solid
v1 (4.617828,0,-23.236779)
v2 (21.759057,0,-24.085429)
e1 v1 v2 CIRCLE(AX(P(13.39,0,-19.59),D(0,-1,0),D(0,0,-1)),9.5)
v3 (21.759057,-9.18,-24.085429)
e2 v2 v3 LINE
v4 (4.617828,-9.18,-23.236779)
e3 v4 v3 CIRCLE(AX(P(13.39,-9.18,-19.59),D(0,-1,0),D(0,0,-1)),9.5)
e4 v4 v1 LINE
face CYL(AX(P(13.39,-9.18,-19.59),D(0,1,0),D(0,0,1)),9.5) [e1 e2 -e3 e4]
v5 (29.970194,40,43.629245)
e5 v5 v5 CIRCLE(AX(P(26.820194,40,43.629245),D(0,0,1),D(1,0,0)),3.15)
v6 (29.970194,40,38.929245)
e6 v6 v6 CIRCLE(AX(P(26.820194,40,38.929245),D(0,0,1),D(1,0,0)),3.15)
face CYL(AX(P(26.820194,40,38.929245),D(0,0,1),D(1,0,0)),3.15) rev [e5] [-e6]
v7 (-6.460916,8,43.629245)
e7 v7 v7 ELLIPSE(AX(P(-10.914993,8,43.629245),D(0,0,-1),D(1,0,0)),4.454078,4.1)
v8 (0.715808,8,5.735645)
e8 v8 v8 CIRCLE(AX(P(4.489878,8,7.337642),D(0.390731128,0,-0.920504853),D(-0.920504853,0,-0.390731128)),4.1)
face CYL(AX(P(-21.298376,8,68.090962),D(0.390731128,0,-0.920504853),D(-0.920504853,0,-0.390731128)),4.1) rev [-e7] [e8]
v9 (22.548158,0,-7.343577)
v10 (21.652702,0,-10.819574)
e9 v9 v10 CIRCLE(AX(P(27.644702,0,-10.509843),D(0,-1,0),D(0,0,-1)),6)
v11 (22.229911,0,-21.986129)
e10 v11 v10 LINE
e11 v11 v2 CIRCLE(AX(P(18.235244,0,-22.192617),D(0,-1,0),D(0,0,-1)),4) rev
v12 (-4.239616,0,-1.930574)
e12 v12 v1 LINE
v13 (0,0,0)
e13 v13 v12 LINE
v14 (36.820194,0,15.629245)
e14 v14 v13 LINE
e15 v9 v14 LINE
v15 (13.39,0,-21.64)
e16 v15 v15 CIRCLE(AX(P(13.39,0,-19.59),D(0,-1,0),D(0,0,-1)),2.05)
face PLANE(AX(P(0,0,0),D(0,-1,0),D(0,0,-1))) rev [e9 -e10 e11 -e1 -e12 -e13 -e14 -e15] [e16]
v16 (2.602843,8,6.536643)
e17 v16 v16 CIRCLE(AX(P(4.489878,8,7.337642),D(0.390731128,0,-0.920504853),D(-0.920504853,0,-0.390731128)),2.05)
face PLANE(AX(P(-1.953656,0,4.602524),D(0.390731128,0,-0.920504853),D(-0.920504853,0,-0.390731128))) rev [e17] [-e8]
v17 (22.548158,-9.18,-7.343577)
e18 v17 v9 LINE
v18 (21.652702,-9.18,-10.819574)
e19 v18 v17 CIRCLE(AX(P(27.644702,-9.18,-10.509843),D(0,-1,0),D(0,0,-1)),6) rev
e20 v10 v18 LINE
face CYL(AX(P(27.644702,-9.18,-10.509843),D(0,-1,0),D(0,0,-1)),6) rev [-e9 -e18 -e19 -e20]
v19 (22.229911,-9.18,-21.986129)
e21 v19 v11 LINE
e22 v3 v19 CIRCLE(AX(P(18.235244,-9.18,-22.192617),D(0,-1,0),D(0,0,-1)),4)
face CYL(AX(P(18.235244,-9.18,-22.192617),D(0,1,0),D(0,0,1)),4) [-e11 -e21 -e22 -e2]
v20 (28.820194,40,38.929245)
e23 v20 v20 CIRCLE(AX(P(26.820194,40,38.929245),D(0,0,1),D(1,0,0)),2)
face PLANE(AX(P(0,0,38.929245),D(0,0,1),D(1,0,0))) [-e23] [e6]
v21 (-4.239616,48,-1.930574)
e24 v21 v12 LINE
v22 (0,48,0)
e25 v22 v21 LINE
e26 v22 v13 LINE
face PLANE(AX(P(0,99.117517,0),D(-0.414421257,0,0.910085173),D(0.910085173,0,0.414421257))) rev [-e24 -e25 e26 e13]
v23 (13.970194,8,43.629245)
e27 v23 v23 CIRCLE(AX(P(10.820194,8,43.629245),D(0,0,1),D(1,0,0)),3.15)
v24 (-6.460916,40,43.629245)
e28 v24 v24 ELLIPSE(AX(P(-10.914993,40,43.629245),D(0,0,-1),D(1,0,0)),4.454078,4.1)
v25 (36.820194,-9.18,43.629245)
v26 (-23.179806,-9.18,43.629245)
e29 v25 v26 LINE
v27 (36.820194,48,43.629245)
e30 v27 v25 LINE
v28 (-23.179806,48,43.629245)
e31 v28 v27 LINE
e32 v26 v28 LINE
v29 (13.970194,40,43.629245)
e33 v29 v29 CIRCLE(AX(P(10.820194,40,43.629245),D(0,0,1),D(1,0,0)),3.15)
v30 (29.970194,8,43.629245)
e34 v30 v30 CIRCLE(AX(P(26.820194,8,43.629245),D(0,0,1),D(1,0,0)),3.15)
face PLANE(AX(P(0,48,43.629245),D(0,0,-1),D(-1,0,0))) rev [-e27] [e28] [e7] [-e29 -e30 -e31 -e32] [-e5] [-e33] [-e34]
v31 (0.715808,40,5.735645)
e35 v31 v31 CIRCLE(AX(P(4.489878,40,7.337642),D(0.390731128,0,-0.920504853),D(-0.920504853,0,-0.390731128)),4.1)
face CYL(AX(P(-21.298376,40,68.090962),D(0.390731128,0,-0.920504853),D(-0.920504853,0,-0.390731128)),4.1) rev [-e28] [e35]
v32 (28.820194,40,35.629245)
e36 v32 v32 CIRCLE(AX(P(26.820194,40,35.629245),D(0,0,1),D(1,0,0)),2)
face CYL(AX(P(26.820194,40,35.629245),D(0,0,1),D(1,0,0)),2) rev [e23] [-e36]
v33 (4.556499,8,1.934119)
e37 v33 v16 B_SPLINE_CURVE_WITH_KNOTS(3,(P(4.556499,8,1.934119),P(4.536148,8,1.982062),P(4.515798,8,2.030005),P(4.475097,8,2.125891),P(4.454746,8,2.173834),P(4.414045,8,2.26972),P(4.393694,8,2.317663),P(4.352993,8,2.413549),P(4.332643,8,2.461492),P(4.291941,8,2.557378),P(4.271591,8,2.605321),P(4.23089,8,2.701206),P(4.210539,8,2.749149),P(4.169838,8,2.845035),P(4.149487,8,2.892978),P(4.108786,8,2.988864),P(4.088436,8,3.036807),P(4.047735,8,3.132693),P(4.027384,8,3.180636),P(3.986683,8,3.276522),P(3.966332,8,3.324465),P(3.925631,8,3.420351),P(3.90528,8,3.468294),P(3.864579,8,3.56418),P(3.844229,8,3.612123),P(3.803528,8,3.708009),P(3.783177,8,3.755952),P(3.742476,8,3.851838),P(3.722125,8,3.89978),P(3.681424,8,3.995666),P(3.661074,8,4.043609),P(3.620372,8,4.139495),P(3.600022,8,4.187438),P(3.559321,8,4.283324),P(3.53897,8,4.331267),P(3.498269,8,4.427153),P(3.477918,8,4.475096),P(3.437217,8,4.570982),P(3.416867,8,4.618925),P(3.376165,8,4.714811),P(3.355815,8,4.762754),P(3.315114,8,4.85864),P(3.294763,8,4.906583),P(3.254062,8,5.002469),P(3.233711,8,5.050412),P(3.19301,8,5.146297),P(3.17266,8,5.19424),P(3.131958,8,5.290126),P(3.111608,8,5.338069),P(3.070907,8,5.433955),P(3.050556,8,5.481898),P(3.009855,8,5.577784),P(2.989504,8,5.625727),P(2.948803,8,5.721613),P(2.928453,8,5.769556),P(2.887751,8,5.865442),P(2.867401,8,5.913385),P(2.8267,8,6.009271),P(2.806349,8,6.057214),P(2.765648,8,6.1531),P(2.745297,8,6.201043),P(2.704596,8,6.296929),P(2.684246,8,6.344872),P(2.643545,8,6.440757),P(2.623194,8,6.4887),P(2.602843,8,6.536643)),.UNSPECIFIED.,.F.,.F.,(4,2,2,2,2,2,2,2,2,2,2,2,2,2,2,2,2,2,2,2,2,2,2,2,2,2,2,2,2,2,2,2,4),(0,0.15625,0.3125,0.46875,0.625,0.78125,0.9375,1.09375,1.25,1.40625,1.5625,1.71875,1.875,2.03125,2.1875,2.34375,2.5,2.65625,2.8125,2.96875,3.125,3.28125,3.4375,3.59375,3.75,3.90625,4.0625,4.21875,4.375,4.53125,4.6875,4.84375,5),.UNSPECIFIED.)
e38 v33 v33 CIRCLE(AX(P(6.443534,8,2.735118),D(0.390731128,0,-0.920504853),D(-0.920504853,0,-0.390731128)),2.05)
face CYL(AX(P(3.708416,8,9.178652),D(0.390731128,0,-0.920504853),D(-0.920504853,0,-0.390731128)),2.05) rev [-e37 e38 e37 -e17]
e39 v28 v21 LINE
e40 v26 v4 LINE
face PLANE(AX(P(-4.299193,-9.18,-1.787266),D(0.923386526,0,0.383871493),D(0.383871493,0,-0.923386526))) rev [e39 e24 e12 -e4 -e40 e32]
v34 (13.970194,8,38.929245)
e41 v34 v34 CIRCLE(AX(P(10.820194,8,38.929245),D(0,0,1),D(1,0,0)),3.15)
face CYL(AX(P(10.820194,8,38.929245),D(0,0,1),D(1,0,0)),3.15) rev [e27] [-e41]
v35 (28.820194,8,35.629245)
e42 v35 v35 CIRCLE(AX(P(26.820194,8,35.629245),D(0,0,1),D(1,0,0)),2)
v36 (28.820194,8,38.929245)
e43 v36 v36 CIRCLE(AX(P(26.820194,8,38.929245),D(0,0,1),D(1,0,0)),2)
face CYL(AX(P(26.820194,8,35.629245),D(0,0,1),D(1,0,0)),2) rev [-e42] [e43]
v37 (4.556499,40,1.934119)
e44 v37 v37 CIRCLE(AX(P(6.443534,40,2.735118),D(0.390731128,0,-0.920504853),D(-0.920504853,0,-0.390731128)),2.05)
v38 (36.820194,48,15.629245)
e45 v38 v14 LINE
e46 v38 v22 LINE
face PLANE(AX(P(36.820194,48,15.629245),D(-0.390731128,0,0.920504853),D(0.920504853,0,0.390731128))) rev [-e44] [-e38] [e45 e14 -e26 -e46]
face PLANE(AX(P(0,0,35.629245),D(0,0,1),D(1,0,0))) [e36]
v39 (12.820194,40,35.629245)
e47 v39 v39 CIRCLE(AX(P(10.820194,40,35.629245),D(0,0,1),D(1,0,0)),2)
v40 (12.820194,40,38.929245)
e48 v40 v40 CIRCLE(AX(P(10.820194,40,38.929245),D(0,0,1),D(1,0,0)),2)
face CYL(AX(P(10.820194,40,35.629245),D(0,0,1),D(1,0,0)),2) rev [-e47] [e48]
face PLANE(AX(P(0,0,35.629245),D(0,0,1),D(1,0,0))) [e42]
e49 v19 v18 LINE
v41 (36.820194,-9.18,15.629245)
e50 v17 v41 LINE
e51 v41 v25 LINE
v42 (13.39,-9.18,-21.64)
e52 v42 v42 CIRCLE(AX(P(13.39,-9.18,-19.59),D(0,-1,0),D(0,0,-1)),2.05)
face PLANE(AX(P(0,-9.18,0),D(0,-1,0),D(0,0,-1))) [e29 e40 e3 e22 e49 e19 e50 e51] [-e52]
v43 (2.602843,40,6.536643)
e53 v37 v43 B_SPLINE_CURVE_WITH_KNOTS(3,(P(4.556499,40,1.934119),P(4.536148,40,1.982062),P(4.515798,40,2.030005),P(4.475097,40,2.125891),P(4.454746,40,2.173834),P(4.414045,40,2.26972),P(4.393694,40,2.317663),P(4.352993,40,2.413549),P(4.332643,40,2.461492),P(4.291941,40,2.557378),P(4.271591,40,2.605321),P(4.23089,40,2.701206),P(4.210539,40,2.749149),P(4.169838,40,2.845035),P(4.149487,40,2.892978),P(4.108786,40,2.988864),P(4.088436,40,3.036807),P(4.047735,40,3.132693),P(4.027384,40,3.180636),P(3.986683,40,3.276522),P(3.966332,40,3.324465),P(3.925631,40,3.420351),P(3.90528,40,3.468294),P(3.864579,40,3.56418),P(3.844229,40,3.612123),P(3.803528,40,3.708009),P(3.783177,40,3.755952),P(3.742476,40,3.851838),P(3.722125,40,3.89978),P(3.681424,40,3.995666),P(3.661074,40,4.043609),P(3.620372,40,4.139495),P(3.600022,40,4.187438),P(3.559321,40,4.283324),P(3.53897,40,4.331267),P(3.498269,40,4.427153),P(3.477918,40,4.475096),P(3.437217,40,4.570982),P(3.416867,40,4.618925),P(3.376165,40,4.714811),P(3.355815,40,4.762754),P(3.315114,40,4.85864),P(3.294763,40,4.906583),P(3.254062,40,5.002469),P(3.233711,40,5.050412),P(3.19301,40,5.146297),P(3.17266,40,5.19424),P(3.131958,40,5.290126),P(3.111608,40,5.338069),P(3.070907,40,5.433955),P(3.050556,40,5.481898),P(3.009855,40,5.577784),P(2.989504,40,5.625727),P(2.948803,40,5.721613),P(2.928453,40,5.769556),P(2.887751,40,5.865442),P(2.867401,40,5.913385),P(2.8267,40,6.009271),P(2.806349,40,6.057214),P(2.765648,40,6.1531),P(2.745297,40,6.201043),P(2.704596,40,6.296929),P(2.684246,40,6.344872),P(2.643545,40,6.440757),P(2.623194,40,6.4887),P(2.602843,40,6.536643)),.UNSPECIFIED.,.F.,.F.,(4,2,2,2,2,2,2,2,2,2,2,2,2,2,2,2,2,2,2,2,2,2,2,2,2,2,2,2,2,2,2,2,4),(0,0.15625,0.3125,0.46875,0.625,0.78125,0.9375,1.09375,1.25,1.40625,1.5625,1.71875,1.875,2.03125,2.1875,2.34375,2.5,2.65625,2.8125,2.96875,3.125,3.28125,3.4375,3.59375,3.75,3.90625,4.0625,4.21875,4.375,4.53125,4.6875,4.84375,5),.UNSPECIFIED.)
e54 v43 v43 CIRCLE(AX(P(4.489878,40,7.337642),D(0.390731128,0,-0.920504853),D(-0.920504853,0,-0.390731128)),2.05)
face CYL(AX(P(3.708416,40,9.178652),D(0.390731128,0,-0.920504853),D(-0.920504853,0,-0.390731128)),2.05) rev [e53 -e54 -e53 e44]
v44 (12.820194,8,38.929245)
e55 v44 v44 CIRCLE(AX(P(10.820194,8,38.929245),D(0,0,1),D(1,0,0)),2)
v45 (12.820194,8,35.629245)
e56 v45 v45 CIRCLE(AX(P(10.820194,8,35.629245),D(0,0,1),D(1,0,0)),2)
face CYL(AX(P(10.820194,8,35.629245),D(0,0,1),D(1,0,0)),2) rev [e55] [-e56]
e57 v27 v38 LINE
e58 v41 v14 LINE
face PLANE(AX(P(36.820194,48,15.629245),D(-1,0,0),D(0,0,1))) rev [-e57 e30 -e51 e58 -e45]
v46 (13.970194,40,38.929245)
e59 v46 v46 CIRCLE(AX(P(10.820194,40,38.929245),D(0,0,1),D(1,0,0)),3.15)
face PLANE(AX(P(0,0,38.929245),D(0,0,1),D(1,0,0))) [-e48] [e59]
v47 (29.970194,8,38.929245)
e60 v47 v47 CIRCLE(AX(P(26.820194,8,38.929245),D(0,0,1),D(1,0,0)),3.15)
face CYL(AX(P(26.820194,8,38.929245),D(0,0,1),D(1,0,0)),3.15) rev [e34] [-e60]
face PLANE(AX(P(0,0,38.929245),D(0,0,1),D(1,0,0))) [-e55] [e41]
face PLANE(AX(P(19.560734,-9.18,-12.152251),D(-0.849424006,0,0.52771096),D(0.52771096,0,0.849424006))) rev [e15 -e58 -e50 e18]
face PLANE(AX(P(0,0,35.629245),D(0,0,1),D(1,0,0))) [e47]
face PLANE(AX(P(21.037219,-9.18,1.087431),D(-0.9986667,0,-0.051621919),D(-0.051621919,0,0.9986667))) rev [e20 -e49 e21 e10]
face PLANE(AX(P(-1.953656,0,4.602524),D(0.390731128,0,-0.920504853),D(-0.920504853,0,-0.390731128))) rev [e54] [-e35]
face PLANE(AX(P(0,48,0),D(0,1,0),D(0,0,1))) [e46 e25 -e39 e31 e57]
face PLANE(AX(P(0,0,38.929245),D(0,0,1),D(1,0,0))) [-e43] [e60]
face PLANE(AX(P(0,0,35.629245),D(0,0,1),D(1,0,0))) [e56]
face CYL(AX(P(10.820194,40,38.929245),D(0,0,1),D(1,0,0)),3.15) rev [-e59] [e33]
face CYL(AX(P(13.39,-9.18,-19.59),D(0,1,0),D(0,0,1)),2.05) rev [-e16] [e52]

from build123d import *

# Parameters (mm, degrees)
BOSS_EXTRUDE1_DEPTH = 48
SKETCH4_R           = 3.15
SKETCH4_R_2         = 2
CUT_EXTRUDE2_DEPTH  = 4.7
SKETCH6_R           = 2.05
BOSS_EXTRUDE3_DEPTH = 9.18
SKETCH4_3_R         = 2
CUT_EXTRUDE3_DEPTH  = 8
FILLET3_R           = 4
FILLET4_R           = 6
BOSS_EXTRUDE4_DEPTH = 48
CUT_EXTRUDE6_START  = -5
SKETCH3_R           = 4.1
CUT_EXTRUDE6_DEPTH  = 66
SKETCH3_3_R         = 2.05
CUT_EXTRUDE7_DEPTH  = 7


with BuildPart() as part:
    # Sketch2 → Boss-Extrude1 (new body)
    with BuildSketch(Plane(origin=(0, 0, 0), x_dir=(1, 0, 0), z_dir=(0, 1, 0))):
        Polygon((0, 0), (0, -15.62924514), (0, -43.62924514), (36.820194138, -43.62924514), (36.820194138, -15.62924514), align=None)
    extrude(amount=BOSS_EXTRUDE1_DEPTH)

    # Sketch4 → Cut-Extrude2 (cut)
    # profile 1 of 8: a face of its own
    with BuildSketch(Plane.XY.offset(43.62924514)):
        with Locations((10.820194138, 40)):
            Circle(SKETCH4_R)
        with Locations((10.820194138, 40)):
            Circle(SKETCH4_R_2, mode=Mode.SUBTRACT)
    # profile 2 of 8: a face of its own
    with BuildSketch(Plane.XY.offset(43.62924514)):
        with Locations((10.820194138, 40)):
            Circle(SKETCH4_R_2)
    # profile 3 of 8: a face of its own
    with BuildSketch(Plane.XY.offset(43.62924514)):
        with Locations((26.820194138, 40)):
            Circle(SKETCH4_R)
        with Locations((26.820194138, 40)):
            Circle(SKETCH4_R_2, mode=Mode.SUBTRACT)
    # profile 4 of 8: a face of its own
    with BuildSketch(Plane.XY.offset(43.62924514)):
        with Locations((26.820194138, 40)):
            Circle(SKETCH4_R_2)
    # profile 5 of 8: a face of its own
    with BuildSketch(Plane.XY.offset(43.62924514)):
        with Locations((26.820194138, 8)):
            Circle(SKETCH4_R)
        with Locations((26.820194138, 8)):
            Circle(SKETCH4_R_2, mode=Mode.SUBTRACT)
    # profile 6 of 8: a face of its own
    with BuildSketch(Plane.XY.offset(43.62924514)):
        with Locations((26.820194138, 8)):
            Circle(SKETCH4_R_2)
    # profile 7 of 8: a face of its own
    with BuildSketch(Plane.XY.offset(43.62924514)):
        with Locations((10.820194138, 8)):
            Circle(SKETCH4_R)
        with Locations((10.820194138, 8)):
            Circle(SKETCH4_R_2, mode=Mode.SUBTRACT)
    # profile 8 of 8: a face of its own
    with BuildSketch(Plane.XY.offset(43.62924514)):
        with Locations((10.820194138, 8)):
            Circle(SKETCH4_R_2)
    extrude(amount=-CUT_EXTRUDE2_DEPTH, mode=Mode.SUBTRACT)

    # Sketch6 → Boss-Extrude3 (add)
    with BuildSketch(Plane.XZ):
        with BuildLine():
            Line((21.555608411, -8.941223432), (36.820194138, 15.62924514))
            Line((36.820194138, 15.62924514), (36.820194138, 43.62924514))
            Line((36.820194138, 43.62924514), (-23.179805862, 43.62924514))
            Line((-23.179805862, 43.62924514), (4.617828, -23.236779181))
            ThreePointArc((4.617828, -23.236779181), (13.54895559, -29.088670071), (22.279280146, -22.941223432))
            Line((22.279280146, -22.941223432), (21.555608411, -8.941223432))
        make_face()
        with Locations(Location((13.39, -19.59, 0), (0, 0, 270))):
            Circle(SKETCH6_R, mode=Mode.SUBTRACT)
    extrude(amount=BOSS_EXTRUDE3_DEPTH)

    # Sketch4<3> → Cut-Extrude3 (cut)
    with BuildSketch(Plane.XY.offset(43.62924514)):
        with Locations((10.820194138, 40)):
            Circle(SKETCH4_3_R)
        with Locations((26.820194138, 40)):
            Circle(SKETCH4_3_R)
        with Locations((26.820194138, 8)):
            Circle(SKETCH4_3_R)
        with Locations((10.820194138, 8)):
            Circle(SKETCH4_3_R)
    extrude(amount=-CUT_EXTRUDE3_DEPTH, mode=Mode.SUBTRACT)

    # Fillet3
    fillet3_edges = [part.edges().sort_by_distance(p)[0] for p in [
        (22.279280146, -4.59, -22.941223432),
    ]]
    fillet(fillet3_edges, radius=FILLET3_R)

    # Fillet4
    fillet4_edges = [part.edges().sort_by_distance(p)[0] for p in [
        (21.555608411, -4.59, -8.941223432),
    ]]
    fillet(fillet4_edges, radius=FILLET4_R)

    # Sketch6<3> → Boss-Extrude4 (add)
    with BuildSketch(Plane.XZ):
        Polygon((-23.179805862, 43.62924514), (0, 0), (0, 43.62924514), align=None)
        Polygon((-4.239616227, -1.930574343), (0, 0), (-23.179805862, 43.62924514), align=None)
    extrude(amount=-BOSS_EXTRUDE4_DEPTH)

    # Sketch3 → Cut-Extrude6 (cut)
    with BuildSketch(Plane(origin=(0, 0, 0), x_dir=(-0.9205048534524429, 0, -0.3907311284892679), z_dir=(0.3907311284892679, 0, -0.9205048534524429)).offset(CUT_EXTRUDE6_START)):
        with Locations((-7, 40)):
            Circle(SKETCH3_R)
        with Locations((-7, 8)):
            Circle(SKETCH3_R)
    extrude(amount=-CUT_EXTRUDE6_DEPTH, mode=Mode.SUBTRACT)

    # Sketch3<3> → Cut-Extrude7 (cut)
    with BuildSketch(Plane(origin=(0, 0, 0), x_dir=(-0.9205048534524429, 0, -0.3907311284892679), z_dir=(0.3907311284892679, 0, -0.9205048534524429))):
        with Locations((-7, 40)):
            Circle(SKETCH3_3_R)
        with Locations((-7, 8)):
            Circle(SKETCH3_3_R)
    extrude(amount=-CUT_EXTRUDE7_DEPTH, mode=Mode.SUBTRACT)


solid = part.part
